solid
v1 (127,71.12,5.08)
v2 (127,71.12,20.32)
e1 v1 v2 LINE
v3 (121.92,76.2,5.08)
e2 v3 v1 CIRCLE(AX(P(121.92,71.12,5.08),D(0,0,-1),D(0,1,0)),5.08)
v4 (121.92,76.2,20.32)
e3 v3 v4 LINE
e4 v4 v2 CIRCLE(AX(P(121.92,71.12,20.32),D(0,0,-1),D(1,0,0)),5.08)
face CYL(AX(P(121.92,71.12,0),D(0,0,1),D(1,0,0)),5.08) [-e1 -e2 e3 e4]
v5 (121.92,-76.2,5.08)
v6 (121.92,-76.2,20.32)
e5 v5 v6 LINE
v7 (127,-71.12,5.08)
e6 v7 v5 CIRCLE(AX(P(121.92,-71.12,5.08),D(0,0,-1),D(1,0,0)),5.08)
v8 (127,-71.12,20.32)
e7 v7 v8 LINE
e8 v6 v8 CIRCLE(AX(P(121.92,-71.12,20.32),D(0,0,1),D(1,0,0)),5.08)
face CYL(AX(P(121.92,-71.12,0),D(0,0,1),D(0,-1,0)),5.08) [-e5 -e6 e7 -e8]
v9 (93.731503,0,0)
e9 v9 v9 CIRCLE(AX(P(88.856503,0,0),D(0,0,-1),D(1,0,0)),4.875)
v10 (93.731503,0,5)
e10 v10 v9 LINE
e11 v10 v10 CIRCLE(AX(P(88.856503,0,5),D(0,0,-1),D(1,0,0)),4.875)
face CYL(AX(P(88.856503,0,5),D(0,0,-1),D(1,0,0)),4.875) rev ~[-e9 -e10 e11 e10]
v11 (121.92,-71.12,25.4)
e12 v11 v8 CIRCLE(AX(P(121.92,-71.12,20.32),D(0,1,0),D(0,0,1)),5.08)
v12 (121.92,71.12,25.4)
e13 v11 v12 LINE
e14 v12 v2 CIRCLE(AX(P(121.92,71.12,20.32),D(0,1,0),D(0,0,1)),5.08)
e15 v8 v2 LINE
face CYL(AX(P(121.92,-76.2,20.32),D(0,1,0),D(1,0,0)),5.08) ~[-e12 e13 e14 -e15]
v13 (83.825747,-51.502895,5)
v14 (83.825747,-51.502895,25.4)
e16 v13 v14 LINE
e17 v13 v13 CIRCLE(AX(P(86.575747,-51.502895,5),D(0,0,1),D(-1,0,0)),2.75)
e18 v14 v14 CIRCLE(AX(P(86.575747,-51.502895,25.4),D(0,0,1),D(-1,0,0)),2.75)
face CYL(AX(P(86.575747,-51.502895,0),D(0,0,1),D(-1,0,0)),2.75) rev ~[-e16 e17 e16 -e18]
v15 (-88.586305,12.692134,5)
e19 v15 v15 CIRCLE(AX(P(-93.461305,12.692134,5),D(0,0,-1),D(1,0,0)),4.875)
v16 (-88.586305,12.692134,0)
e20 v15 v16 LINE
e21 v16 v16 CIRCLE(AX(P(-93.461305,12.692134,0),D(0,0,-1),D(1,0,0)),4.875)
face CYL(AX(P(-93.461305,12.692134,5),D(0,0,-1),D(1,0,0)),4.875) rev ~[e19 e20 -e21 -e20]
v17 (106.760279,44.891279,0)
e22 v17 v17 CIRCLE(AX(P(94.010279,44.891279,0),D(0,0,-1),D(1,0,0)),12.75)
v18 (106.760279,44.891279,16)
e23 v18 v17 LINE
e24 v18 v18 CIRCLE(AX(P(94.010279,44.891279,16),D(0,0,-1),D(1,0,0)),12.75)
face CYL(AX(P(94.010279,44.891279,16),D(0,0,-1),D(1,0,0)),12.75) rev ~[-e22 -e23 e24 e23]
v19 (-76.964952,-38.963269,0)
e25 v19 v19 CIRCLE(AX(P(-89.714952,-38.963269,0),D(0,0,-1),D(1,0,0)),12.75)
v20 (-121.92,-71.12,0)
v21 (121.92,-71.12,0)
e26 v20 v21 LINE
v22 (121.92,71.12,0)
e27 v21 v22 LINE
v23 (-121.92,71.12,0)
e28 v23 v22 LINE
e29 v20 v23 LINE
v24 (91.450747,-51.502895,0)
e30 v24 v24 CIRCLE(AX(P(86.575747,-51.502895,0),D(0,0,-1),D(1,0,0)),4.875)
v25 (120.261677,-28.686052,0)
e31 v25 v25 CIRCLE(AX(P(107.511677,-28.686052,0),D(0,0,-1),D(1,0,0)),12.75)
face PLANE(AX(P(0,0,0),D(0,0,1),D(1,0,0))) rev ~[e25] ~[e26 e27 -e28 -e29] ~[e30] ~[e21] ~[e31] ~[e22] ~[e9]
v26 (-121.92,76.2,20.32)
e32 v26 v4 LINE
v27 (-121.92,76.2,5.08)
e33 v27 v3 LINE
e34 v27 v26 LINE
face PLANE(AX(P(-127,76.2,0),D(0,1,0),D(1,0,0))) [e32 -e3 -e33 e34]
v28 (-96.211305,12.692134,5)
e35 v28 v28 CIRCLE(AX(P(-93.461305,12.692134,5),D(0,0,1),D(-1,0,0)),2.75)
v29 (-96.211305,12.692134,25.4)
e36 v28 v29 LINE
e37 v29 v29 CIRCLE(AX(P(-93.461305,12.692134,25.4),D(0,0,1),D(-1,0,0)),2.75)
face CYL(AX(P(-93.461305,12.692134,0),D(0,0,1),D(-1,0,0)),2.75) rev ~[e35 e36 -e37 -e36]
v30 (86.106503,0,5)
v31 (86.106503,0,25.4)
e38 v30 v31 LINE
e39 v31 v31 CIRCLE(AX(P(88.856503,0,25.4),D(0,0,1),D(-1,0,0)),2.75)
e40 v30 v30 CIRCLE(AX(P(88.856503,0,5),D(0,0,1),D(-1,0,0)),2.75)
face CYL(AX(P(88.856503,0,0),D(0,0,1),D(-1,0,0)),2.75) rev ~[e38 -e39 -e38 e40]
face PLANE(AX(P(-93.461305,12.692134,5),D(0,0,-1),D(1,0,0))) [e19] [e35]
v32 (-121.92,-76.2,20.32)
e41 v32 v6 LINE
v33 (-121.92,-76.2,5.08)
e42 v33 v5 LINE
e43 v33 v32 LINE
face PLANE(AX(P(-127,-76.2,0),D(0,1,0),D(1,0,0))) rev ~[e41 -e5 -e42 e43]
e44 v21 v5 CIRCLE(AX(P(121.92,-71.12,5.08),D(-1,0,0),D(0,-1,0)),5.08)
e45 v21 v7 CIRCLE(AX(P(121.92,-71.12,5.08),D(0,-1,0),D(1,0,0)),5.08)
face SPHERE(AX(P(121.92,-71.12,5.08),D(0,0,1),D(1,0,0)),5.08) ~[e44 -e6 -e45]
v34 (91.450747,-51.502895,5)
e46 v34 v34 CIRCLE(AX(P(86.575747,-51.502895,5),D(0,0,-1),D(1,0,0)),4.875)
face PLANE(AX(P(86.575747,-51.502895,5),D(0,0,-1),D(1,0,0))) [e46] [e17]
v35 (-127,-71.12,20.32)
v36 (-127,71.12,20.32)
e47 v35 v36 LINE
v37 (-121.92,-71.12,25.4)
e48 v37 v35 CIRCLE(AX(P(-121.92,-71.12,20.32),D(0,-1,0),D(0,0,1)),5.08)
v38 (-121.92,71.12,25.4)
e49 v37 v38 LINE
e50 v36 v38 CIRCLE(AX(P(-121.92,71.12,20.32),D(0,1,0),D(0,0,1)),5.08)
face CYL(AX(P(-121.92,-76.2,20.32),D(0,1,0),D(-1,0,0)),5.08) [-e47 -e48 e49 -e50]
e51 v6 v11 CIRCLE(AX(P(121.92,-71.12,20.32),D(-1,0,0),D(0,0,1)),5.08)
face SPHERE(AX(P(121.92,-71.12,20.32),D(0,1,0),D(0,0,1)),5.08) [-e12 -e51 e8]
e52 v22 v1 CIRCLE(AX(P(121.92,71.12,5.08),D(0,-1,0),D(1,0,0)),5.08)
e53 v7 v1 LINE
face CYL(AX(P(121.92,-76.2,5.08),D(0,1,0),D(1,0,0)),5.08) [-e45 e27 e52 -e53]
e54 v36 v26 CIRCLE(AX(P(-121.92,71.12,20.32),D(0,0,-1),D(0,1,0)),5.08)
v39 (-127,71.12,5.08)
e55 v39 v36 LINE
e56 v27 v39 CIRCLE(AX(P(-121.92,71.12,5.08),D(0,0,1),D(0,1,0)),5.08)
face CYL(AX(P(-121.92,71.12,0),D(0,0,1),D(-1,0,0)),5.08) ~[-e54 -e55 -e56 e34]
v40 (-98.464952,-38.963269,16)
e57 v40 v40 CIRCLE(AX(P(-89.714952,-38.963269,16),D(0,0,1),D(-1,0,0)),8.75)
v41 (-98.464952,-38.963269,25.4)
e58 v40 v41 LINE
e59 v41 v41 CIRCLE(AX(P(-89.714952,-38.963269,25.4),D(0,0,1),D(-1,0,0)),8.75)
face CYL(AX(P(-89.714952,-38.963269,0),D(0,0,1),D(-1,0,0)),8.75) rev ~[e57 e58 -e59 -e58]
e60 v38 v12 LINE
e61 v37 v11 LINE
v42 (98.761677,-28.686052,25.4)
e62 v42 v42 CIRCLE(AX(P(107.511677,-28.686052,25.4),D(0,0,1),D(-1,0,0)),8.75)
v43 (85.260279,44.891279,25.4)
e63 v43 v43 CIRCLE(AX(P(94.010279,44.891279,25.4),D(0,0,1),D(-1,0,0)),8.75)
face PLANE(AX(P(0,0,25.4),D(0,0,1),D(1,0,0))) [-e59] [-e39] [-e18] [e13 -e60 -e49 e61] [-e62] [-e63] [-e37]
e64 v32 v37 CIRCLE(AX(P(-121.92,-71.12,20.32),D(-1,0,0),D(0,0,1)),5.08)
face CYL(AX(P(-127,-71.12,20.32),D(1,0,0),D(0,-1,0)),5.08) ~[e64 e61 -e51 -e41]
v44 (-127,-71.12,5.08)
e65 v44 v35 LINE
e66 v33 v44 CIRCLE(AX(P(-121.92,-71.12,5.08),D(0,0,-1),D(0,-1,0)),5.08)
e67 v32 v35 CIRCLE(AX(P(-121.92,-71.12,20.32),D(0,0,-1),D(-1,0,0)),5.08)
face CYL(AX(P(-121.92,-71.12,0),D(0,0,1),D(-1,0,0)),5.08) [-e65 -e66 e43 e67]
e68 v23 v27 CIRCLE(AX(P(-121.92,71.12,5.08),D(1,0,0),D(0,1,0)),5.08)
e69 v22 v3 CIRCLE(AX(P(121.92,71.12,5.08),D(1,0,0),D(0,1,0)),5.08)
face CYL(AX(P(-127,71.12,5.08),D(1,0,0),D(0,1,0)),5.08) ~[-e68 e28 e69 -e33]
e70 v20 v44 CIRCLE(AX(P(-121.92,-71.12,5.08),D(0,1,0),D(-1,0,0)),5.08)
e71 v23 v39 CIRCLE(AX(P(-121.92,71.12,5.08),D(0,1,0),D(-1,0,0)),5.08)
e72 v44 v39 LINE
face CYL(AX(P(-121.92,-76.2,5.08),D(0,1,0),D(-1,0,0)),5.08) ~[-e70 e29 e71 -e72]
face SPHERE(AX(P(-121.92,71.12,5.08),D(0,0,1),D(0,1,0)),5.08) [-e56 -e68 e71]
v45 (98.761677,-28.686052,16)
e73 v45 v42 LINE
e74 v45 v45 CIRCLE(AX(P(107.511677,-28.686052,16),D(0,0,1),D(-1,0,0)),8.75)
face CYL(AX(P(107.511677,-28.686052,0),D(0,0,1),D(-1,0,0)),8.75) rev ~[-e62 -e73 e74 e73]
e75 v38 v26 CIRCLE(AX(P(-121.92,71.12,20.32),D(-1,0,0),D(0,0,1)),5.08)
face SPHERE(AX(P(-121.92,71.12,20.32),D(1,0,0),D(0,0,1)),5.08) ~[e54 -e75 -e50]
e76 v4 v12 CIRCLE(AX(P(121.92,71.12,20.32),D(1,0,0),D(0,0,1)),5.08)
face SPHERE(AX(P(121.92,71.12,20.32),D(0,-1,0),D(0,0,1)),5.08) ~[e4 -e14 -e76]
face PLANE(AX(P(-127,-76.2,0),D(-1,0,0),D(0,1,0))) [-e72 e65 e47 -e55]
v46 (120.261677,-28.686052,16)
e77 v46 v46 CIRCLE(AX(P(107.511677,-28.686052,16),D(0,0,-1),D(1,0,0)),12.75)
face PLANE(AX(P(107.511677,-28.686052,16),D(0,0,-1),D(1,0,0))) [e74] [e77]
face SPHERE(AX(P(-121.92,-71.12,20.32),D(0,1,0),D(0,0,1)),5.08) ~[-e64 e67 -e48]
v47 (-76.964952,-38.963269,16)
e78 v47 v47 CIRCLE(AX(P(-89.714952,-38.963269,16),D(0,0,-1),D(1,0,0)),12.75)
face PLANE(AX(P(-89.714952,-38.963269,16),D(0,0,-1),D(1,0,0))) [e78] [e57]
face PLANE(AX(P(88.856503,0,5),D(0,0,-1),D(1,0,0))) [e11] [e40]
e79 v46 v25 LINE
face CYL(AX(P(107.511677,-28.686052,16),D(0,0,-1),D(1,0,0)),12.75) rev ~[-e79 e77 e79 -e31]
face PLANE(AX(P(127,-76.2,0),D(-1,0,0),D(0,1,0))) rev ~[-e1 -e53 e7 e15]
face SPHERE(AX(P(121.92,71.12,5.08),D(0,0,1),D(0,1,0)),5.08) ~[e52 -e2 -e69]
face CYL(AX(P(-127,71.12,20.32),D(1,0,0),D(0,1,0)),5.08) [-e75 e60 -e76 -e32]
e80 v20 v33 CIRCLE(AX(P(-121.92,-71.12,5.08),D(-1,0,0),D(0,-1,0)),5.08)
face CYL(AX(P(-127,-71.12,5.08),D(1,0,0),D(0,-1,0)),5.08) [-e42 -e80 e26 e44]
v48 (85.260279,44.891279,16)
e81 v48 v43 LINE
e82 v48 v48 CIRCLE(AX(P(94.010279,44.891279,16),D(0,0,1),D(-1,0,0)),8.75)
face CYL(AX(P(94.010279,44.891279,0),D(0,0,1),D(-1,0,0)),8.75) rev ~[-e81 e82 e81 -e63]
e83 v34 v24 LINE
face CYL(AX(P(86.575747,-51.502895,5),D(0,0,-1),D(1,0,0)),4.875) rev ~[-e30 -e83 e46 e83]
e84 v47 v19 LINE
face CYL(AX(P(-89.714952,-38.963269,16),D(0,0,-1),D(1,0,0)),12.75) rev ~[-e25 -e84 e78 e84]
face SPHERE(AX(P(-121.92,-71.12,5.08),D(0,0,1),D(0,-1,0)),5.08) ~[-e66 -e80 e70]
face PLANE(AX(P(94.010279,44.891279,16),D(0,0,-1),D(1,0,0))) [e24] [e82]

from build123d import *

# Parameters (mm, degrees)
F0_W           = 254
F0_H           = 152.4
F1_DEPTH       = 25.4
F2_R           = 5.08
F4_D           = 17.5
F4_CBORE_D     = 25.5
F4_CBORE_DEPTH = 16
F6_D           = 5.5
F6_CBORE_D     = 9.75
F6_CBORE_DEPTH = 5


with BuildPart() as f1:
    # F0 (on Top) → F1 (new body)
    with BuildSketch(Plane.XY):
        Rectangle(F0_W, F0_H)
    extrude(amount=F1_DEPTH)

    # F2
    f2_edges = [f1.edges().sort_by_distance(p)[0] for p in [
        (127, 0, 25.4),
        (0, 76.2, 25.4),
        (-127, 0, 25.4),
        (0, -76.2, 25.4),
        (127, 76.2, 12.7),
        (-127, 76.2, 12.7),
        (0, 76.2, 0),
        (127, -76.2, 12.7),
        (127, 0, 0),
        (-127, -76.2, 12.7),
        (0, -76.2, 0),
        (-127, 0, 0),
    ]]
    fillet(f2_edges, radius=F2_R)

    # F4 (through all)
    with Locations(Plane(origin=(0, 0, 0), x_dir=(1, 0, 0), z_dir=(0, 0, -1))):
        with Locations((107.5116768479, 28.6860521883), (94.0102785826, -44.8912791908), (-89.7149518132, 38.9632694423)):
            CounterBoreHole(F4_D / 2, F4_CBORE_D / 2, F4_CBORE_DEPTH)

    # F6 (through all)
    with Locations(Plane(origin=(0, 0, 0), x_dir=(1, 0, 0), z_dir=(0, 0, -1))):
        with Locations((-93.461304903, -12.6921338961), (88.8565033674, 0), (86.5757465363, 51.5028946102)):
            CounterBoreHole(F6_D / 2, F6_CBORE_D / 2, F6_CBORE_DEPTH)


solid = f1.part
